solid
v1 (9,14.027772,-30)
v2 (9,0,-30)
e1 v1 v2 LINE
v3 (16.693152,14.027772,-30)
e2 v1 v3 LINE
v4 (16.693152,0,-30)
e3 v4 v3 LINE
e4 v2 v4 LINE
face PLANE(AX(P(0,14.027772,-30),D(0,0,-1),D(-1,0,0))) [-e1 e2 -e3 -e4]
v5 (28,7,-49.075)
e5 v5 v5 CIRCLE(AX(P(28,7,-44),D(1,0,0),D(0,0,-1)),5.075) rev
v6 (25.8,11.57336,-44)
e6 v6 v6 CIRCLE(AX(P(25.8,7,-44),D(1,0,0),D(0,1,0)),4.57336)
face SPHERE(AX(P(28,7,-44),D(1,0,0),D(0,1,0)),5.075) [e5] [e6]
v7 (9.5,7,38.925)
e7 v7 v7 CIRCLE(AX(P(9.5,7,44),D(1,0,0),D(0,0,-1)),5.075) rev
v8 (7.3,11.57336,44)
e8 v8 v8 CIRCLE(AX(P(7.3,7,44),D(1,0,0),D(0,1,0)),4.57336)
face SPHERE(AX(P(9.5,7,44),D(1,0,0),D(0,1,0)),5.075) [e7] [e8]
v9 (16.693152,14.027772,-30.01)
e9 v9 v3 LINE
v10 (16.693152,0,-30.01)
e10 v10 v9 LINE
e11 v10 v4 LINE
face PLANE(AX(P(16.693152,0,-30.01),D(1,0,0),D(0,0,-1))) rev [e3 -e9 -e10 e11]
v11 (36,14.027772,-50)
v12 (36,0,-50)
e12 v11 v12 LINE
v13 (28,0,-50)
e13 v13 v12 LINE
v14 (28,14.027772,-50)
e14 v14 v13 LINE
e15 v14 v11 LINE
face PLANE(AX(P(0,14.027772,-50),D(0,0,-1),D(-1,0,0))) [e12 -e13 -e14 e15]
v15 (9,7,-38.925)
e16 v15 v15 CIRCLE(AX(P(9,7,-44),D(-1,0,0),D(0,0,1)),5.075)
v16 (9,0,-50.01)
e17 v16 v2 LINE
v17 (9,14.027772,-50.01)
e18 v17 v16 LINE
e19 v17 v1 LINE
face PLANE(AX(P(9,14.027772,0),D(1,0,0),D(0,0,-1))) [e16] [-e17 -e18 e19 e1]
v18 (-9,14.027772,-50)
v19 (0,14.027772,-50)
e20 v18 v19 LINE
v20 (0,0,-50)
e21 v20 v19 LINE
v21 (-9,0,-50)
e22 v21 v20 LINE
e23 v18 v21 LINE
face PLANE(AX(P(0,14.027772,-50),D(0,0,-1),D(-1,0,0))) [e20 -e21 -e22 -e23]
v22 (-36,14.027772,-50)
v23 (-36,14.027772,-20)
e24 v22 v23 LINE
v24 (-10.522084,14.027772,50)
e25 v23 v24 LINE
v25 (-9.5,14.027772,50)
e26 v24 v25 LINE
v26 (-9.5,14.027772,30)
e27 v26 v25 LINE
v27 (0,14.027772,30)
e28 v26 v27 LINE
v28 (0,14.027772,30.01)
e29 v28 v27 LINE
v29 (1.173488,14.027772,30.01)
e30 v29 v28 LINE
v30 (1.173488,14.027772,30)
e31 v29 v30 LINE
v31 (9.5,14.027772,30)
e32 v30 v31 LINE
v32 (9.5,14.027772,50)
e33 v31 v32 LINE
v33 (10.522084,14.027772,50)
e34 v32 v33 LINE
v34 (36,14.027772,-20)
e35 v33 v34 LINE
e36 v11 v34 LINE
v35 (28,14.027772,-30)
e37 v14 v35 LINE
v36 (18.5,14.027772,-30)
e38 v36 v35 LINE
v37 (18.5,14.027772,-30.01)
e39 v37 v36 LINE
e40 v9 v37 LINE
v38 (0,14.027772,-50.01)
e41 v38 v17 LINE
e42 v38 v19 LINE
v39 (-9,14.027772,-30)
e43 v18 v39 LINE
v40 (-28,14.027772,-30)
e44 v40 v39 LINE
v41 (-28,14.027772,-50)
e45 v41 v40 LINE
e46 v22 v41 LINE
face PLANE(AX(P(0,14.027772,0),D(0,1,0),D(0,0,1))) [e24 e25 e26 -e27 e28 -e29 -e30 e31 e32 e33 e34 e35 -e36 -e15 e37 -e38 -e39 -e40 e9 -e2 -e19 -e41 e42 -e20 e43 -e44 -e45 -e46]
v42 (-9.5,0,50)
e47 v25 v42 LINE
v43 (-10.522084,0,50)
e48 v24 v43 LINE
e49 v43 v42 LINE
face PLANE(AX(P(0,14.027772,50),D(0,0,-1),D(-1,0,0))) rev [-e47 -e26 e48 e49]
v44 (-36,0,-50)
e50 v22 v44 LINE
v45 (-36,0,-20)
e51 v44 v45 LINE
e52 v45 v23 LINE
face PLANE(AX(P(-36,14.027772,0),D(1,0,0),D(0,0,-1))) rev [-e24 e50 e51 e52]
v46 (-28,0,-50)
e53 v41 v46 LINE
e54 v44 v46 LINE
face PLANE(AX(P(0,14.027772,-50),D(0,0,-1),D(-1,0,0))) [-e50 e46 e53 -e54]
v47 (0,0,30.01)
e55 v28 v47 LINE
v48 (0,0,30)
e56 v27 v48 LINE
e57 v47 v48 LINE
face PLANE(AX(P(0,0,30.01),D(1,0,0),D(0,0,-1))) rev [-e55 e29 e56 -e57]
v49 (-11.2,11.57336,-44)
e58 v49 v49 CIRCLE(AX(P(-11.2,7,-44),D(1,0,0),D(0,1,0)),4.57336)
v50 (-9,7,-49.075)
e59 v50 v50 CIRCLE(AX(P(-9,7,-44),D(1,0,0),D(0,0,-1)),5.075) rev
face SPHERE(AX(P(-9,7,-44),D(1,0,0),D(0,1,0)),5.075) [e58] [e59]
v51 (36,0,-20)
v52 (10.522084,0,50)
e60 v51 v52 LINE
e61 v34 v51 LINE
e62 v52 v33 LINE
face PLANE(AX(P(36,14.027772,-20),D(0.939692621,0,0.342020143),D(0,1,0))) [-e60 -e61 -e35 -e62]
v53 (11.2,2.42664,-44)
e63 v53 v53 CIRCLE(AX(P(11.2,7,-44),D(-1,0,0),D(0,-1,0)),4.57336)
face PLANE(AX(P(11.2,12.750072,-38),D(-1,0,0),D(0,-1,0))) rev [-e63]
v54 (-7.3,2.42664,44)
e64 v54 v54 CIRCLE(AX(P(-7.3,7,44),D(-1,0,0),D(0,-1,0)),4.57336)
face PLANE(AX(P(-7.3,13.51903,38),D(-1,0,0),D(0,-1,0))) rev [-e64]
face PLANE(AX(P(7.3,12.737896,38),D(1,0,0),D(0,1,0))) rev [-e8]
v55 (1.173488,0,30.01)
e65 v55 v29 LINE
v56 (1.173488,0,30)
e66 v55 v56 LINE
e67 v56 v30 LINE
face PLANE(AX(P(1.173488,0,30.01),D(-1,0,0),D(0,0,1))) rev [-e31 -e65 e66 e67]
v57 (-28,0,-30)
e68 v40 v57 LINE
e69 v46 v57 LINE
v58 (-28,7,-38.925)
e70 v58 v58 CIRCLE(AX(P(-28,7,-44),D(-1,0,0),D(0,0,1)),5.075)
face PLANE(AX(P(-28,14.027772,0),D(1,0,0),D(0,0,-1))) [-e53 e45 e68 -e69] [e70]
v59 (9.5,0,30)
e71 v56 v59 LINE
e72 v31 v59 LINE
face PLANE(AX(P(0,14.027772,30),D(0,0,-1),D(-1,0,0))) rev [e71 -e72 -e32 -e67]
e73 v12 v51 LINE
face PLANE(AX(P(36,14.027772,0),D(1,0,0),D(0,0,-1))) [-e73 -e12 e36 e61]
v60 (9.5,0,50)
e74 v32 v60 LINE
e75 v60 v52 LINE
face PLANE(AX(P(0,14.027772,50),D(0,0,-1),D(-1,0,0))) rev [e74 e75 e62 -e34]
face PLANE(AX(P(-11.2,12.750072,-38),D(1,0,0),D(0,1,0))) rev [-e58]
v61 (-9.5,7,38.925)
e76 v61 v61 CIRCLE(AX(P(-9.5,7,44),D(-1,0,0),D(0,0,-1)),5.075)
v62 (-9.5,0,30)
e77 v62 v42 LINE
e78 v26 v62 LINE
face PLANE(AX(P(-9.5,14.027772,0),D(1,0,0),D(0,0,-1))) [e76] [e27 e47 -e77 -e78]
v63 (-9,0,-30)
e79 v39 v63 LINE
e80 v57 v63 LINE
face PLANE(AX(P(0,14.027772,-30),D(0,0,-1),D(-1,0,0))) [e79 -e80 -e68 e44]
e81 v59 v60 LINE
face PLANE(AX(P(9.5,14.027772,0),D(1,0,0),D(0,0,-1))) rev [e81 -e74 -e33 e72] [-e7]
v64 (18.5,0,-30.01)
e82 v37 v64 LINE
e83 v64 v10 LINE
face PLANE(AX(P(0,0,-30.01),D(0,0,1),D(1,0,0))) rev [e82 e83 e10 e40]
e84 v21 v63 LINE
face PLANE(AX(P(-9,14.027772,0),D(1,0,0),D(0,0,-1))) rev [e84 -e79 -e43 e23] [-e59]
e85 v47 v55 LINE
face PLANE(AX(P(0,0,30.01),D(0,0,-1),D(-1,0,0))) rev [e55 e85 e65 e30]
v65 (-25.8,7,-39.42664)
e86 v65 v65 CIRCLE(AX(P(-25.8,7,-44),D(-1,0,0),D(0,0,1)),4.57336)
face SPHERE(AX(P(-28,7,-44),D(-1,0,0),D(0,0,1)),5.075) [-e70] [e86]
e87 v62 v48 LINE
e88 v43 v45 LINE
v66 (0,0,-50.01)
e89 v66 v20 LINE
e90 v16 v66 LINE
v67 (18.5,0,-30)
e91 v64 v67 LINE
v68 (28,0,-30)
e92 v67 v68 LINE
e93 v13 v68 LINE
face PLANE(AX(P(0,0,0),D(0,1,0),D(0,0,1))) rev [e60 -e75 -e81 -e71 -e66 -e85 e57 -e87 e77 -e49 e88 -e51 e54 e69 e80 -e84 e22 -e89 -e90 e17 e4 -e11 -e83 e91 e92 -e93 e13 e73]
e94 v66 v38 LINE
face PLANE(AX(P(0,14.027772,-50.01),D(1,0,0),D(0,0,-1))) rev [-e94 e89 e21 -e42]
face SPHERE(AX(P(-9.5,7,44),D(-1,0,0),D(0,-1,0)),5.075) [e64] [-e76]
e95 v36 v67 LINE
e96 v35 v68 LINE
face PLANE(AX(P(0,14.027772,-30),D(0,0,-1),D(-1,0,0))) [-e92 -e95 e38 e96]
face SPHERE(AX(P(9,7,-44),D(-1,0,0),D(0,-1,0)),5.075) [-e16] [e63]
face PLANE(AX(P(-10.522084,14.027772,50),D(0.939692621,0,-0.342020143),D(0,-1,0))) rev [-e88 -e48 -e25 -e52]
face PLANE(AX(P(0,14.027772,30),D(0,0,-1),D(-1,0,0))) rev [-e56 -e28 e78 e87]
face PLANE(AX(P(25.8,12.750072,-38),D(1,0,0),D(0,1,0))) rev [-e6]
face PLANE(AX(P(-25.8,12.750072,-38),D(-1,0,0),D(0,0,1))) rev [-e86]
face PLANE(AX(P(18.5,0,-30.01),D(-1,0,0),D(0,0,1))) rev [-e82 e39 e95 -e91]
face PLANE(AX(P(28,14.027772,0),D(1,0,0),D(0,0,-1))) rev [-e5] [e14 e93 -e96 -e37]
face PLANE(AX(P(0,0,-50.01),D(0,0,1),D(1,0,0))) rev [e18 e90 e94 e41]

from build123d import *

# Parameters (mm, degrees)
BOSS_EXTRUDE1_DEPTH  = 14.027771651
CHAMFER1_SIZE        = 70
CHAMFER1_SIZE2       = 25.477916399
CHAMFER2_SIZE        = 70
CHAMFER2_SIZE2       = 25.477916399
REVOLVE1_ANGLE       = 180
SKETCH5_W            = 3.372425282
SKETCH5_H            = 11.999559726
CUT_EXTRUDE1_DEPTH   = 12
REVOLVE2_ANGLE       = 180
SKETCH10_W           = 9
SKETCH10_H           = 14.027771651
BOSS_EXTRUDE2_DEPTH  = 0.01
SKETCH11_W           = 1.173488445
SKETCH11_H           = 14.027771651
BOSS_EXTRUDE3_DEPTH  = 0.01
SKETCH12_W           = 3.597317039
SKETCH12_H           = 11.345384506
CUT_EXTRUDE2_DEPTH   = 12
SKETCH13_W           = 1.806847517
SKETCH13_H           = 14.027771651
BOSS_EXTRUDE4_DEPTH  = 0.01
MIRROR5_COPY_1_ANGLE = 180
MIRROR6_COPY_1_ANGLE = 180
MIRROR6_COPY_2_ANGLE = 180
SKETCH14_W           = 14.6
SKETCH14_H           = 11.534592578
CUT_EXTRUDE3_DEPTH   = 12


with BuildPart() as part:
    # Sketch1 → Boss-Extrude1 (new body)
    with BuildSketch(Plane(origin=(0, 0, 0), x_dir=(1, 0, 0), z_dir=(0, 1, 0))):
        Polygon((-28, 50), (-36, 50), (-36, -50), (-9.5, -50), (-9.5, -30), (9.5, -30), (9.5, -50), (36, -50), (36, 50), (28, 50), (28, 30), (9, 30), (9, 50), (-9, 50), (-9, 30), (-28, 30), align=None)
    extrude(amount=BOSS_EXTRUDE1_DEPTH)

    # Chamfer1
    chamfer1_edges = [part.edges().sort_by_distance(p)[0] for p in [
        (36, 7.013885825, 50),
    ]]
    chamfer1_side = [part.faces().sort_by_distance(p)[0] for p in [
        (36, 7.013885825, 0),
    ]]
    chamfer(chamfer1_edges, length=CHAMFER1_SIZE, length2=CHAMFER1_SIZE2, reference=chamfer1_side[0])

    # Chamfer2
    chamfer2_edges = [part.edges().sort_by_distance(p)[0] for p in [
        (-36, 7.013885825, 50),
    ]]
    chamfer2_side = [part.faces().sort_by_distance(p)[0] for p in [
        (-36, 7.013885825, 0),
    ]]
    chamfer(chamfer2_edges, length=CHAMFER2_SIZE, length2=CHAMFER2_SIZE2, reference=chamfer2_side[0])

    # Sketch4 → Revolve1 (revolve)
    with BuildSketch(Plane(origin=(-9.5, 0, 0), x_dir=(0, 0, -1), z_dir=(1, 0, 0))):
        with BuildLine():
            Line((-49.075, 7), (-38.925, 7))
            ThreePointArc((-38.925, 7), (-44, 12.075), (-49.075, 7))
        make_face()
    revolve1 = revolve(axis=Axis((-9.5, 7, 49.075), (0, 0, -1)), revolution_arc=REVOLVE1_ANGLE)

    # Sketch5 → Cut-Extrude1 (cut)
    with BuildSketch(Plane.XY.offset(50)):
        with Locations((-5.613787359, 7.519250292)):
            Rectangle(SKETCH5_W, SKETCH5_H)
    extrude(amount=-CUT_EXTRUDE1_DEPTH, mode=Mode.SUBTRACT)

    # Sketch8 → Revolve2 (revolve)
    with BuildSketch(Plane(origin=(-28, 0, 0), x_dir=(0, 0, -1), z_dir=(1, 0, 0))):
        with BuildLine():
            Line((38.925, 7), (49.075, 7))
            ThreePointArc((49.075, 7), (44, 12.075), (38.925, 7))
        make_face()
    revolve2 = revolve(axis=Axis((-28, 7, -38.925), (0, 0, -1)), revolution_arc=REVOLVE2_ANGLE)

    # Sketch10 → Boss-Extrude2 (add)
    with BuildSketch(Plane(origin=(0, 0, -50), x_dir=(-1, 0, 0), z_dir=(0, 0, -1))):
        with Locations((-4.5, 7.013885826)):
            Rectangle(SKETCH10_W, SKETCH10_H)
    extrude(amount=BOSS_EXTRUDE2_DEPTH)

    # Mirror2: Revolve2 across plane
    add(revolve2.mirror(Plane(origin=(0, 14.027771651, -50.01), x_dir=(0, 0, 1), z_dir=(1, 0, 0))))

    # Sketch11 → Boss-Extrude3 (add)
    with BuildSketch(Plane.XY.offset(30)):
        with Locations((0.586744223, 7.013885826)):
            Rectangle(SKETCH11_W, SKETCH11_H)
    extrude(amount=BOSS_EXTRUDE3_DEPTH)

    # Mirror4: Revolve1 across plane
    add(revolve1.mirror(Plane(origin=(0, 0, 30.01), x_dir=(0, 0, 1), z_dir=(1, 0, 0))))

    # Sketch12 → Cut-Extrude2 (cut)
    with BuildSketch(Plane.XY.offset(50)):
        with Locations((5.501341481, 7.065203355)):
            Rectangle(SKETCH12_W, SKETCH12_H)
    extrude(amount=-CUT_EXTRUDE2_DEPTH, mode=Mode.SUBTRACT)

    # Sketch13 → Boss-Extrude4 (add)
    with BuildSketch(Plane(origin=(0, 0, -30), x_dir=(-1, 0, 0), z_dir=(0, 0, -1))):
        with Locations((-17.596576242, 7.013885826)):
            Rectangle(SKETCH13_W, SKETCH13_H)
    extrude(amount=BOSS_EXTRUDE4_DEPTH)

    # Mirror5 copy 1 sketch → Mirror5 copy 1 (revolve)
    with BuildSketch(Plane(origin=(9, 0, 0), x_dir=(0, 0, -1), z_dir=(1, 0, 0))):
        with BuildLine():
            Line((38.925, 7), (49.075, 7))
            ThreePointArc((49.075, 7), (44, 12.075), (38.925, 7))
        make_face()
    revolve(axis=Axis((9, 7, -38.925), (0, 0, -1)), revolution_arc=MIRROR5_COPY_1_ANGLE)

    # Mirror6 copy 1 sketch → Mirror6 copy 1 (revolve)
    with BuildSketch(Plane(origin=(-9, 0, 0), x_dir=(0, 0, -1), z_dir=(-1, 0, 0))):
        with BuildLine():
            Line((38.925, -7), (49.075, -7))
            ThreePointArc((49.075, -7), (44, -12.075), (38.925, -7))
        make_face()
    revolve(axis=Axis((-9, 7, -38.925), (0, 0, 1)), revolution_arc=MIRROR6_COPY_1_ANGLE)

    # Mirror6 copy 2 sketch → Mirror6 copy 2 (revolve)
    with BuildSketch(Plane(origin=(28, 0, 0), x_dir=(0, 0, -1), z_dir=(-1, 0, 0))):
        with BuildLine():
            Line((38.925, -7), (49.075, -7))
            ThreePointArc((49.075, -7), (44, -12.075), (38.925, -7))
        make_face()
    revolve(axis=Axis((28, 7, -38.925), (0, 0, 1)), revolution_arc=MIRROR6_COPY_2_ANGLE)

    # Sketch14 → Cut-Extrude3 (cut)
    with BuildSketch(Plane(origin=(0, 0, -50), x_dir=(-1, 0, 0), z_dir=(0, 0, -1))):
        with Locations((-18.5, 6.982775721)):
            Rectangle(SKETCH14_W, SKETCH14_H)
        with Locations((18.5, 6.982775721)):
            Rectangle(SKETCH14_W, SKETCH14_H)
    extrude(amount=-CUT_EXTRUDE3_DEPTH, mode=Mode.SUBTRACT)


solid = part.part
